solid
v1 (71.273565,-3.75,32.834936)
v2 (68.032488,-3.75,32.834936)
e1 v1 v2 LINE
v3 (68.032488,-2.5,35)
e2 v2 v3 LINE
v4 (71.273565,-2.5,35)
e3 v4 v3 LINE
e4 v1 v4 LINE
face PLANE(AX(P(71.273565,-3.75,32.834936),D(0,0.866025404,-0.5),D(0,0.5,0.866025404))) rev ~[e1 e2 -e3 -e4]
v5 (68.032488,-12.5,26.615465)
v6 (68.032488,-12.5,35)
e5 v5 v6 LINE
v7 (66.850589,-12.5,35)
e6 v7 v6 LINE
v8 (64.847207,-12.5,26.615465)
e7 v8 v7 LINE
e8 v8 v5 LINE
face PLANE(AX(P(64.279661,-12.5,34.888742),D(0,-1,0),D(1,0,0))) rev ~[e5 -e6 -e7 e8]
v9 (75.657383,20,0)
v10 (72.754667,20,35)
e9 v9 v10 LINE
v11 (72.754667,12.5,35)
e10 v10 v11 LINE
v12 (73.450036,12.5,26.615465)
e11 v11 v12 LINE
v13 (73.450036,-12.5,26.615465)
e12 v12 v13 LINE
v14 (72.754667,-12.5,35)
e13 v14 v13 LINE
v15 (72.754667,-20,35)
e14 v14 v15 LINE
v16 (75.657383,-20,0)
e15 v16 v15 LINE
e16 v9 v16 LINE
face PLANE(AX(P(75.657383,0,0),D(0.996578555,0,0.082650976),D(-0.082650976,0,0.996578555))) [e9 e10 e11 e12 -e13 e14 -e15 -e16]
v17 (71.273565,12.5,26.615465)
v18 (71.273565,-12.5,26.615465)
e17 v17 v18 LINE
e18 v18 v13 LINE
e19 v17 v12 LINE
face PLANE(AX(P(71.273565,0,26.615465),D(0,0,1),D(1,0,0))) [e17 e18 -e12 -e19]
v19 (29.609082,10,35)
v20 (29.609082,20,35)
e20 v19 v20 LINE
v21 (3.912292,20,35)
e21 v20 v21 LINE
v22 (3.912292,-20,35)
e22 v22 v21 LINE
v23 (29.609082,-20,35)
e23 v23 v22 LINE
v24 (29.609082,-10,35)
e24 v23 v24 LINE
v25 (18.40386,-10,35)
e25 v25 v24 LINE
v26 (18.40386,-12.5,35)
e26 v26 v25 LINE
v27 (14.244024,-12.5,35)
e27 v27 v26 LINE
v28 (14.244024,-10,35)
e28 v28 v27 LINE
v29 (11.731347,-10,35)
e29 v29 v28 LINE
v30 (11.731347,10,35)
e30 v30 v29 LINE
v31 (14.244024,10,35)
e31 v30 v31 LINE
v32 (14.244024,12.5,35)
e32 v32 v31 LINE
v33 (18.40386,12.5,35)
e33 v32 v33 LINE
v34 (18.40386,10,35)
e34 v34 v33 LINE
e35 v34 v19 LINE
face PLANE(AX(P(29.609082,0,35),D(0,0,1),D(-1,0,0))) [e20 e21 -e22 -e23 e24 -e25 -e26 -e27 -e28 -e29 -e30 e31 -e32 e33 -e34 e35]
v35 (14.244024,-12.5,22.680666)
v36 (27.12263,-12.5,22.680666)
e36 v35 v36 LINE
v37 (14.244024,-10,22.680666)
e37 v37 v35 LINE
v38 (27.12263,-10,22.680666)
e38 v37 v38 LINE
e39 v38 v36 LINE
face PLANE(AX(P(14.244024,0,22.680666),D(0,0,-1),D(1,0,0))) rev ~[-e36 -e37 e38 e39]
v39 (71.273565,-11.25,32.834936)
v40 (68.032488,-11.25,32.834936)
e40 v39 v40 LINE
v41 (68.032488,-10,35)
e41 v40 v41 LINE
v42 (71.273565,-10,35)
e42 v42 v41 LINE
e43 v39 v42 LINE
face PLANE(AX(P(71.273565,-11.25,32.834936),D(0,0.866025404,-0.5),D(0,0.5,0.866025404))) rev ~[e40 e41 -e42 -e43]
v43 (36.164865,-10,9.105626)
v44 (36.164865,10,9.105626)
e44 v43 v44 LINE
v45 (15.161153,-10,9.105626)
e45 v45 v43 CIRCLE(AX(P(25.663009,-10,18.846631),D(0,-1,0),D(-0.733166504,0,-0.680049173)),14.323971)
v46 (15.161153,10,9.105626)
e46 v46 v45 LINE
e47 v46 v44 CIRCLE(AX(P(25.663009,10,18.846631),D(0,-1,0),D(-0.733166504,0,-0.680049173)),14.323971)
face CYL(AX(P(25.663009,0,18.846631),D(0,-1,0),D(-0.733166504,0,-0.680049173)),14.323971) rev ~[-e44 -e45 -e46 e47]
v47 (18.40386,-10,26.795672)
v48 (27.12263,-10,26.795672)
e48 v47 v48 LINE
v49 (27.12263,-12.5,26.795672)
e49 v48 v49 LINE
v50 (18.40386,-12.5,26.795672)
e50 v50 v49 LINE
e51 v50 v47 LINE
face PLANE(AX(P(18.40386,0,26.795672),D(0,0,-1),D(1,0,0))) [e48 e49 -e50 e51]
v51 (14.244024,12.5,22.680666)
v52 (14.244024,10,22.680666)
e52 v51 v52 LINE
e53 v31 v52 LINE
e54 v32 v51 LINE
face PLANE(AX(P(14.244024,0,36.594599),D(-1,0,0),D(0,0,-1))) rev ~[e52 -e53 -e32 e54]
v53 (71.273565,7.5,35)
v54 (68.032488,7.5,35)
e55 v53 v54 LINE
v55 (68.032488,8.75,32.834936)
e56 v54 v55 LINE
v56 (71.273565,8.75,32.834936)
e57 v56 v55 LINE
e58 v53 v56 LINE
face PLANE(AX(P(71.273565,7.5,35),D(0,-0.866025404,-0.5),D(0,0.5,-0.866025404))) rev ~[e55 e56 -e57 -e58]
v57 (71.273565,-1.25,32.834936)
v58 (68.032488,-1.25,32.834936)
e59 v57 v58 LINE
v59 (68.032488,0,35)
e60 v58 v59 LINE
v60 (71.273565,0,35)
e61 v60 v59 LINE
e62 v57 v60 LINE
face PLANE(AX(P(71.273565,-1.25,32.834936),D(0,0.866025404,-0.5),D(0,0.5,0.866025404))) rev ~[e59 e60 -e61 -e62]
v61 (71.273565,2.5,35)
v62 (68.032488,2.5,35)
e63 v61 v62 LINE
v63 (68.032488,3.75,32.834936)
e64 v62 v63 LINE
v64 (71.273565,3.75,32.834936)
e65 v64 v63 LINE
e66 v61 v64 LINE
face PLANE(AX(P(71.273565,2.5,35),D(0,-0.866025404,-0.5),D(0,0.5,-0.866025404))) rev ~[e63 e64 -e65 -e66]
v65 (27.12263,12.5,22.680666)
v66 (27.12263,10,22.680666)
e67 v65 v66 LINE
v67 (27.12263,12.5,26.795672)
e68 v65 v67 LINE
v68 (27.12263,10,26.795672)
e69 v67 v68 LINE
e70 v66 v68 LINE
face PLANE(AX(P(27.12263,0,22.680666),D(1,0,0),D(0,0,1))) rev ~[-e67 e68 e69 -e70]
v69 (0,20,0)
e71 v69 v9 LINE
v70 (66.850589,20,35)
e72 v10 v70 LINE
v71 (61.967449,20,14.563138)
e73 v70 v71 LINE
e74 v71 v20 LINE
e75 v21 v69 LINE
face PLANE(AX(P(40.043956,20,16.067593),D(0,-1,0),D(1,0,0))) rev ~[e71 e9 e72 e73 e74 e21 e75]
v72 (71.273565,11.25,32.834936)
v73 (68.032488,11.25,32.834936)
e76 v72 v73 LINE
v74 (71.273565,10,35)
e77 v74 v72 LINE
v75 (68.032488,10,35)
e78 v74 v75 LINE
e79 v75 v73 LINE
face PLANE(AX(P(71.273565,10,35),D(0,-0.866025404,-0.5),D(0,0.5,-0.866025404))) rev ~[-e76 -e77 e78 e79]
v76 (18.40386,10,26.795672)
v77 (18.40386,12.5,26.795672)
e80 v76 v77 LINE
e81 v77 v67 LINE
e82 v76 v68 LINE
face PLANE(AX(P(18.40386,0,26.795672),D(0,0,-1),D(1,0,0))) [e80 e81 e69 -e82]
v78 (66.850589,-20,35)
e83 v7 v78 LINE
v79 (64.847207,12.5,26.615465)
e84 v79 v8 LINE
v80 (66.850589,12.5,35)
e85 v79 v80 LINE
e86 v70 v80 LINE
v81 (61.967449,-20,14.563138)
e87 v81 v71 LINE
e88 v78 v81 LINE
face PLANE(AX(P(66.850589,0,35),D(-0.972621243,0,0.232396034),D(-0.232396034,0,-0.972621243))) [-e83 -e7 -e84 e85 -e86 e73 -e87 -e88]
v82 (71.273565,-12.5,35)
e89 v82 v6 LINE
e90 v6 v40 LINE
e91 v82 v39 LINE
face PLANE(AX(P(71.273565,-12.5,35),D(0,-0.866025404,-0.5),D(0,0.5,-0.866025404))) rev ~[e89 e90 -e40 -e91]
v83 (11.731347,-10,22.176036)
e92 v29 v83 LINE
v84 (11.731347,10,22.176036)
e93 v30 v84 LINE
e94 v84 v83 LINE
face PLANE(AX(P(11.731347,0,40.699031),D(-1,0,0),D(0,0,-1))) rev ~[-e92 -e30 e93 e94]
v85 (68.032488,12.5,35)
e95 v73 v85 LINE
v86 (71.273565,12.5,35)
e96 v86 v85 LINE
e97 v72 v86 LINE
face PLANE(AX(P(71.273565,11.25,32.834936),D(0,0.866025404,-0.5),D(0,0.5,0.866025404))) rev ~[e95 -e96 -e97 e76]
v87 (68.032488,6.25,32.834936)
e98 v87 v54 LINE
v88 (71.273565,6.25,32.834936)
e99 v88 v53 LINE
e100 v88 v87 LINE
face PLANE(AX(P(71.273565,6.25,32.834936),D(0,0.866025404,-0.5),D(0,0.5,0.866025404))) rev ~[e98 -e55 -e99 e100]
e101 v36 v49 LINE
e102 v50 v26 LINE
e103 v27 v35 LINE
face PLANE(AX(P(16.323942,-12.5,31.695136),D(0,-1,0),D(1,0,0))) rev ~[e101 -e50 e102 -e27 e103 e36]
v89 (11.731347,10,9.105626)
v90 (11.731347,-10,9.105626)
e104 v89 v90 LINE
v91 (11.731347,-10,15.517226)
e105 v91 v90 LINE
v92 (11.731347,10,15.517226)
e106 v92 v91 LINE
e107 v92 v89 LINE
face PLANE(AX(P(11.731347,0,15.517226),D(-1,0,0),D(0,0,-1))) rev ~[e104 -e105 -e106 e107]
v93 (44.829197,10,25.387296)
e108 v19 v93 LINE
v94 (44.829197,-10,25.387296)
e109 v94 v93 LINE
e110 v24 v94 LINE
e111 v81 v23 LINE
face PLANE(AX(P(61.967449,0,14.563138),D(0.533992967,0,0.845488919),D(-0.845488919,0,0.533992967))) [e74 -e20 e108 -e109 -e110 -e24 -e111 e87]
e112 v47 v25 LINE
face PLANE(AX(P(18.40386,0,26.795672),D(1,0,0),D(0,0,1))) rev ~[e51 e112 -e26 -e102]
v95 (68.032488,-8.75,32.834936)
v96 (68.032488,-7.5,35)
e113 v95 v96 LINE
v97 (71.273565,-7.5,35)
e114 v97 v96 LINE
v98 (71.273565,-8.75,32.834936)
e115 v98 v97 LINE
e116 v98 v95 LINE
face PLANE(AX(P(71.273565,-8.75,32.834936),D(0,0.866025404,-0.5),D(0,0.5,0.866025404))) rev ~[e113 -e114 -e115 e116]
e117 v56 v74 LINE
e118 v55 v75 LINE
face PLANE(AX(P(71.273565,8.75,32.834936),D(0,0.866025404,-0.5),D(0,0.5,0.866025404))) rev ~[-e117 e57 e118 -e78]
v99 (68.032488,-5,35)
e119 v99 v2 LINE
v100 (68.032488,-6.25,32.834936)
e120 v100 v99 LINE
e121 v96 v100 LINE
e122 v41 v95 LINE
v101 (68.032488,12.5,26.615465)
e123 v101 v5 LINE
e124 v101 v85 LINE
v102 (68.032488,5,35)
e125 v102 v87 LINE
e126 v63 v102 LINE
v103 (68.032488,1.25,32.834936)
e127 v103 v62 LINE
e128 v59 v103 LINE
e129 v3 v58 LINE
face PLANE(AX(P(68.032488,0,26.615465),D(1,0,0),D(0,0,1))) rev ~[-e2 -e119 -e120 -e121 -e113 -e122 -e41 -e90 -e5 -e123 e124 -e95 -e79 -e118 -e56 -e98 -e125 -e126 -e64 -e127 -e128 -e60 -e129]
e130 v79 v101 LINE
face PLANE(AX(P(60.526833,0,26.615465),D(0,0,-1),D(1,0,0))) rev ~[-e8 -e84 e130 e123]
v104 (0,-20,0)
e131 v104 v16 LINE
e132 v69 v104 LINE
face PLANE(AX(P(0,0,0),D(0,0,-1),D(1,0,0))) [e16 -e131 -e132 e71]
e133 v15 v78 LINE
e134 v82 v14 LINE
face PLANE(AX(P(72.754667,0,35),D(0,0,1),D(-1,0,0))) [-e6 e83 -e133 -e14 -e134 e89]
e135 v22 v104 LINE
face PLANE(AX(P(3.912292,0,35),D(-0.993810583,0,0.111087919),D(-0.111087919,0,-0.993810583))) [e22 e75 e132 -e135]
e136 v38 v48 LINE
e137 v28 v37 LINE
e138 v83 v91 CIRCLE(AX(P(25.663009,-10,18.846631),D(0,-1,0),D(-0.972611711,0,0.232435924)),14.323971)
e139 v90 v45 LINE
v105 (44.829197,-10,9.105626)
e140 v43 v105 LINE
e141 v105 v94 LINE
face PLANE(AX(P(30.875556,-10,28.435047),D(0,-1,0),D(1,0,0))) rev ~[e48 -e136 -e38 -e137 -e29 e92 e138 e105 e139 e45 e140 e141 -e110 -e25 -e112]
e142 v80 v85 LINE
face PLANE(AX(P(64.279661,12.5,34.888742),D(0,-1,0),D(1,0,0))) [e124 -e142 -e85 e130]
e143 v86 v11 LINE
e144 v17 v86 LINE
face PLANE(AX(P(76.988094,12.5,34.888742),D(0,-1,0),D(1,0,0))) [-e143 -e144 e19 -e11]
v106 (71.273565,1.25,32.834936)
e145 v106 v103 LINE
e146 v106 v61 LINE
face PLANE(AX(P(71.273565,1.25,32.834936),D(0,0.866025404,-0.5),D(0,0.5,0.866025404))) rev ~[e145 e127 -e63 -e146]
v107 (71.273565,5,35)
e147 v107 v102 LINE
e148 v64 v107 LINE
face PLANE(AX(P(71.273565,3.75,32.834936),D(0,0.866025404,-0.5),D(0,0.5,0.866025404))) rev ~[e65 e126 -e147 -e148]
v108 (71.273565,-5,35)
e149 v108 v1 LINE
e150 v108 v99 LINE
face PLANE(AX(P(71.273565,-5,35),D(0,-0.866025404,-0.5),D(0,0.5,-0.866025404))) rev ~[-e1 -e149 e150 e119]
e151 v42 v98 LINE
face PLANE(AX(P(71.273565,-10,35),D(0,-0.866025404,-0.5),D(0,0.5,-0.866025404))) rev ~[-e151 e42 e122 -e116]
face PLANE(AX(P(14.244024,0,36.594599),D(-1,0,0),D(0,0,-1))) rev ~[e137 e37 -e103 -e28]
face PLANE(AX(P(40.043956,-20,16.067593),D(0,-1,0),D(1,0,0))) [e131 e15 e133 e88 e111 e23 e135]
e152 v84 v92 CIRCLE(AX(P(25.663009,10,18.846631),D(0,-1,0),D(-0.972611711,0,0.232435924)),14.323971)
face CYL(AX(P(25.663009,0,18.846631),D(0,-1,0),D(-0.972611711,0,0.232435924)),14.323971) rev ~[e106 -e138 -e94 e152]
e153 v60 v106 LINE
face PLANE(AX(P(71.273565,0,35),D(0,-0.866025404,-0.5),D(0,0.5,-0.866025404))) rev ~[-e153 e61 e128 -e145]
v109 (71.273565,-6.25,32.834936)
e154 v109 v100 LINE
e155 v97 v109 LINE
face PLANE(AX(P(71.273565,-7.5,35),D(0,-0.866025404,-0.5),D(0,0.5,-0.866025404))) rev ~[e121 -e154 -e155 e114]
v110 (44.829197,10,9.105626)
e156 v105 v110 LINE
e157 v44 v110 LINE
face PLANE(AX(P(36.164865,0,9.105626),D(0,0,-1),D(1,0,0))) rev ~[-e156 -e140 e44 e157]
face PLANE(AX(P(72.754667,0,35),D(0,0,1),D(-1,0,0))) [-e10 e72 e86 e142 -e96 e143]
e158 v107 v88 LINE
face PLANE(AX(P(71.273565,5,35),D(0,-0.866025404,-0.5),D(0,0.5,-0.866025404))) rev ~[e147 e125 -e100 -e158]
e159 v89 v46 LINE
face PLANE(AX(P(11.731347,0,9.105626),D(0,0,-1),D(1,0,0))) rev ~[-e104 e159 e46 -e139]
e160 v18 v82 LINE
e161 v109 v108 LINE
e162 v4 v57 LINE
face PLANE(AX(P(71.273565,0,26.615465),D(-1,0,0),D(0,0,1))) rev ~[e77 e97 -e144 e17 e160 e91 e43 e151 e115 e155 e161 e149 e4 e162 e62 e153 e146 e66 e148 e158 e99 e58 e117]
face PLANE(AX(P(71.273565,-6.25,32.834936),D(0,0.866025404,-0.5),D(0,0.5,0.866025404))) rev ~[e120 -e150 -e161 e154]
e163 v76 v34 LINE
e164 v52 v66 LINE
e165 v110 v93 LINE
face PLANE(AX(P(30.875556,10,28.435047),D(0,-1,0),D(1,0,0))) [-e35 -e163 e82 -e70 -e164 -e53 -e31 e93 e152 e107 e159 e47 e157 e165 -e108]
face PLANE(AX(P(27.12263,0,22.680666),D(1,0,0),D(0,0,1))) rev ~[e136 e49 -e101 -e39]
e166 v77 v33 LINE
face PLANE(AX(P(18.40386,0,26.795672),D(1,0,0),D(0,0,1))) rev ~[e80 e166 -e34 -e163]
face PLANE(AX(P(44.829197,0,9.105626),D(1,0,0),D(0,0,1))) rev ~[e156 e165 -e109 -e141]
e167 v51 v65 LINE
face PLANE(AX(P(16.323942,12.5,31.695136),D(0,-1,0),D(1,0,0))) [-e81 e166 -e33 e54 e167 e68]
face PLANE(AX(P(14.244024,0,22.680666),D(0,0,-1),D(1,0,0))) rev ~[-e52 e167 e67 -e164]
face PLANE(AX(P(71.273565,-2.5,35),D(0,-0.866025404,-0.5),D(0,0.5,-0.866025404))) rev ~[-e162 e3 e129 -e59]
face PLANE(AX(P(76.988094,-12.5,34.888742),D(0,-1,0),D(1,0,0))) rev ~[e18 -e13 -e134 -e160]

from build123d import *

# Parameters (mm, degrees)
F1_DEPTH = 20
F3_DEPTH = 10
F4_W     = 4.1598360986
F4_H     = 9.7989272326
F4_H_2   = 4.1150059551
F4_W_2   = 8.7187699974
F5_DEPTH = 12.5
F6_W     = 11.4290565252
F6_H     = 16.5465530008
F6_W_2   = 7.5056552887
F7_DEPTH = 12.5
F9_DEPTH = 10


with BuildPart() as f1:
    # F0 (on Front) → F1 (new body, symmetric)
    with BuildSketch(Plane.XZ):
        Polygon((3.9122919877, 35), (0, 0), (75.6573826075, 0), (72.7546669653, 35), (66.8505893794, 35), (61.9674493795, 14.5631379331), (29.6090823453, 35), align=None)
    extrude(amount=F1_DEPTH, both=True)

    # F2 (on Front) → F3 (cut, symmetric)
    with BuildSketch(Plane.XZ):
        with BuildLine():
            Line((44.829197228, 40.699031204), (11.7313470691, 40.699031204))
            Line((11.7313470691, 40.699031204), (11.7313470691, 22.1760364611))
            ThreePointArc((11.7313470691, 22.1760364611), (27.3392283785, 33.0721865907), (39.986979806, 18.8466310501))
            ThreePointArc((39.986979806, 18.8466310501), (38.9972583667, 13.6146205714), (36.1648645763, 9.1056264937))
            Line((36.1648645763, 9.1056264937), (44.829197228, 9.1056264937))
            Line((44.829197228, 9.1056264937), (44.829197228, 40.699031204))
        make_face()
        with BuildLine():
            ThreePointArc((39.986979806, 18.8466310501), (27.3392283785, 33.0721865907), (11.7313470691, 22.1760364611))
            Line((11.7313470691, 22.1760364611), (11.7313470691, 15.5172256391))
            ThreePointArc((11.7313470691, 15.5172256391), (13.032634994, 12.0901677157), (15.1611532505, 9.1056264937))
            Line((15.1611532505, 9.1056264937), (36.1648645763, 9.1056264937))
            ThreePointArc((36.1648645763, 9.1056264937), (38.9972583667, 13.6146205714), (39.986979806, 18.8466310501))
        make_face()
        with BuildLine():
            Line((11.7313470691, 15.5172256391), (11.7313470691, 22.1760364611))
            ThreePointArc((11.7313470691, 22.1760364611), (11.3390380208, 18.8466310501), (11.7313470691, 15.5172256391))
        make_face()
        with BuildLine():
            ThreePointArc((15.1611532505, 9.1056264937), (13.032634994, 12.0901677157), (11.7313470691, 15.5172256391))
            Line((11.7313470691, 15.5172256391), (11.7313470691, 9.1056264937))
            Line((11.7313470691, 9.1056264937), (15.1611532505, 9.1056264937))
        make_face()
        with BuildLine():
            ThreePointArc((15.1611532505, 9.1056264937), (25.6630089134, 4.5226601575), (36.1648645763, 9.1056264937))
            Line((36.1648645763, 9.1056264937), (15.1611532505, 9.1056264937))
        make_face()
    extrude(amount=F3_DEPTH, both=True, mode=Mode.SUBTRACT)

    # F4 (on Front) → F5 (cut, symmetric)
    with BuildSketch(Plane.XZ):
        with Locations((16.3239417598, 31.6951358691)):
            Rectangle(F4_W, F4_H)
        with Locations((16.3239417598, 24.7381692752)):
            Rectangle(F4_W, F4_H_2)
        with Locations((22.7632448077, 24.7381692752)):
            Rectangle(F4_W_2, F4_H_2)
    extrude(amount=F5_DEPTH, both=True, mode=Mode.SUBTRACT)

    # F6 (on Front) → F7 (cut, symmetric)
    with BuildSketch(Plane.XZ):
        with Locations((76.988093555, 34.8887415603)):
            Rectangle(F6_W, F6_H)
        with Locations((64.2796605825, 34.8887415603)):
            Rectangle(F6_W_2, F6_H)
    extrude(amount=F7_DEPTH, both=True, mode=Mode.SUBTRACT)

    # F8 (on face) → F9 (cut)
    with BuildSketch(Plane.YZ.offset(71.2735652924)):
        Polygon((-12.5068677589, 38.0216091871), (-12.5, 35), (-11.25, 32.8349364905), (-10, 35), (-8.75, 32.8349364905), (-7.5, 35), (-6.25, 32.8349364905), (-5, 35), (-3.75, 32.8349364905), (-2.5, 35), (-1.25, 32.8349364905), (0, 35), (1.25, 32.8349364905), (2.5, 35), (3.75, 32.8349364905), (5, 35), (6.25, 32.8349364905), (7.5, 35), (8.75, 32.8349364905), (10, 35), (11.25, 32.8349364905), (12.5, 35), (12.5, 38.0216091871), align=None)
    extrude(amount=-F9_DEPTH, mode=Mode.SUBTRACT)


solid = f1.part
